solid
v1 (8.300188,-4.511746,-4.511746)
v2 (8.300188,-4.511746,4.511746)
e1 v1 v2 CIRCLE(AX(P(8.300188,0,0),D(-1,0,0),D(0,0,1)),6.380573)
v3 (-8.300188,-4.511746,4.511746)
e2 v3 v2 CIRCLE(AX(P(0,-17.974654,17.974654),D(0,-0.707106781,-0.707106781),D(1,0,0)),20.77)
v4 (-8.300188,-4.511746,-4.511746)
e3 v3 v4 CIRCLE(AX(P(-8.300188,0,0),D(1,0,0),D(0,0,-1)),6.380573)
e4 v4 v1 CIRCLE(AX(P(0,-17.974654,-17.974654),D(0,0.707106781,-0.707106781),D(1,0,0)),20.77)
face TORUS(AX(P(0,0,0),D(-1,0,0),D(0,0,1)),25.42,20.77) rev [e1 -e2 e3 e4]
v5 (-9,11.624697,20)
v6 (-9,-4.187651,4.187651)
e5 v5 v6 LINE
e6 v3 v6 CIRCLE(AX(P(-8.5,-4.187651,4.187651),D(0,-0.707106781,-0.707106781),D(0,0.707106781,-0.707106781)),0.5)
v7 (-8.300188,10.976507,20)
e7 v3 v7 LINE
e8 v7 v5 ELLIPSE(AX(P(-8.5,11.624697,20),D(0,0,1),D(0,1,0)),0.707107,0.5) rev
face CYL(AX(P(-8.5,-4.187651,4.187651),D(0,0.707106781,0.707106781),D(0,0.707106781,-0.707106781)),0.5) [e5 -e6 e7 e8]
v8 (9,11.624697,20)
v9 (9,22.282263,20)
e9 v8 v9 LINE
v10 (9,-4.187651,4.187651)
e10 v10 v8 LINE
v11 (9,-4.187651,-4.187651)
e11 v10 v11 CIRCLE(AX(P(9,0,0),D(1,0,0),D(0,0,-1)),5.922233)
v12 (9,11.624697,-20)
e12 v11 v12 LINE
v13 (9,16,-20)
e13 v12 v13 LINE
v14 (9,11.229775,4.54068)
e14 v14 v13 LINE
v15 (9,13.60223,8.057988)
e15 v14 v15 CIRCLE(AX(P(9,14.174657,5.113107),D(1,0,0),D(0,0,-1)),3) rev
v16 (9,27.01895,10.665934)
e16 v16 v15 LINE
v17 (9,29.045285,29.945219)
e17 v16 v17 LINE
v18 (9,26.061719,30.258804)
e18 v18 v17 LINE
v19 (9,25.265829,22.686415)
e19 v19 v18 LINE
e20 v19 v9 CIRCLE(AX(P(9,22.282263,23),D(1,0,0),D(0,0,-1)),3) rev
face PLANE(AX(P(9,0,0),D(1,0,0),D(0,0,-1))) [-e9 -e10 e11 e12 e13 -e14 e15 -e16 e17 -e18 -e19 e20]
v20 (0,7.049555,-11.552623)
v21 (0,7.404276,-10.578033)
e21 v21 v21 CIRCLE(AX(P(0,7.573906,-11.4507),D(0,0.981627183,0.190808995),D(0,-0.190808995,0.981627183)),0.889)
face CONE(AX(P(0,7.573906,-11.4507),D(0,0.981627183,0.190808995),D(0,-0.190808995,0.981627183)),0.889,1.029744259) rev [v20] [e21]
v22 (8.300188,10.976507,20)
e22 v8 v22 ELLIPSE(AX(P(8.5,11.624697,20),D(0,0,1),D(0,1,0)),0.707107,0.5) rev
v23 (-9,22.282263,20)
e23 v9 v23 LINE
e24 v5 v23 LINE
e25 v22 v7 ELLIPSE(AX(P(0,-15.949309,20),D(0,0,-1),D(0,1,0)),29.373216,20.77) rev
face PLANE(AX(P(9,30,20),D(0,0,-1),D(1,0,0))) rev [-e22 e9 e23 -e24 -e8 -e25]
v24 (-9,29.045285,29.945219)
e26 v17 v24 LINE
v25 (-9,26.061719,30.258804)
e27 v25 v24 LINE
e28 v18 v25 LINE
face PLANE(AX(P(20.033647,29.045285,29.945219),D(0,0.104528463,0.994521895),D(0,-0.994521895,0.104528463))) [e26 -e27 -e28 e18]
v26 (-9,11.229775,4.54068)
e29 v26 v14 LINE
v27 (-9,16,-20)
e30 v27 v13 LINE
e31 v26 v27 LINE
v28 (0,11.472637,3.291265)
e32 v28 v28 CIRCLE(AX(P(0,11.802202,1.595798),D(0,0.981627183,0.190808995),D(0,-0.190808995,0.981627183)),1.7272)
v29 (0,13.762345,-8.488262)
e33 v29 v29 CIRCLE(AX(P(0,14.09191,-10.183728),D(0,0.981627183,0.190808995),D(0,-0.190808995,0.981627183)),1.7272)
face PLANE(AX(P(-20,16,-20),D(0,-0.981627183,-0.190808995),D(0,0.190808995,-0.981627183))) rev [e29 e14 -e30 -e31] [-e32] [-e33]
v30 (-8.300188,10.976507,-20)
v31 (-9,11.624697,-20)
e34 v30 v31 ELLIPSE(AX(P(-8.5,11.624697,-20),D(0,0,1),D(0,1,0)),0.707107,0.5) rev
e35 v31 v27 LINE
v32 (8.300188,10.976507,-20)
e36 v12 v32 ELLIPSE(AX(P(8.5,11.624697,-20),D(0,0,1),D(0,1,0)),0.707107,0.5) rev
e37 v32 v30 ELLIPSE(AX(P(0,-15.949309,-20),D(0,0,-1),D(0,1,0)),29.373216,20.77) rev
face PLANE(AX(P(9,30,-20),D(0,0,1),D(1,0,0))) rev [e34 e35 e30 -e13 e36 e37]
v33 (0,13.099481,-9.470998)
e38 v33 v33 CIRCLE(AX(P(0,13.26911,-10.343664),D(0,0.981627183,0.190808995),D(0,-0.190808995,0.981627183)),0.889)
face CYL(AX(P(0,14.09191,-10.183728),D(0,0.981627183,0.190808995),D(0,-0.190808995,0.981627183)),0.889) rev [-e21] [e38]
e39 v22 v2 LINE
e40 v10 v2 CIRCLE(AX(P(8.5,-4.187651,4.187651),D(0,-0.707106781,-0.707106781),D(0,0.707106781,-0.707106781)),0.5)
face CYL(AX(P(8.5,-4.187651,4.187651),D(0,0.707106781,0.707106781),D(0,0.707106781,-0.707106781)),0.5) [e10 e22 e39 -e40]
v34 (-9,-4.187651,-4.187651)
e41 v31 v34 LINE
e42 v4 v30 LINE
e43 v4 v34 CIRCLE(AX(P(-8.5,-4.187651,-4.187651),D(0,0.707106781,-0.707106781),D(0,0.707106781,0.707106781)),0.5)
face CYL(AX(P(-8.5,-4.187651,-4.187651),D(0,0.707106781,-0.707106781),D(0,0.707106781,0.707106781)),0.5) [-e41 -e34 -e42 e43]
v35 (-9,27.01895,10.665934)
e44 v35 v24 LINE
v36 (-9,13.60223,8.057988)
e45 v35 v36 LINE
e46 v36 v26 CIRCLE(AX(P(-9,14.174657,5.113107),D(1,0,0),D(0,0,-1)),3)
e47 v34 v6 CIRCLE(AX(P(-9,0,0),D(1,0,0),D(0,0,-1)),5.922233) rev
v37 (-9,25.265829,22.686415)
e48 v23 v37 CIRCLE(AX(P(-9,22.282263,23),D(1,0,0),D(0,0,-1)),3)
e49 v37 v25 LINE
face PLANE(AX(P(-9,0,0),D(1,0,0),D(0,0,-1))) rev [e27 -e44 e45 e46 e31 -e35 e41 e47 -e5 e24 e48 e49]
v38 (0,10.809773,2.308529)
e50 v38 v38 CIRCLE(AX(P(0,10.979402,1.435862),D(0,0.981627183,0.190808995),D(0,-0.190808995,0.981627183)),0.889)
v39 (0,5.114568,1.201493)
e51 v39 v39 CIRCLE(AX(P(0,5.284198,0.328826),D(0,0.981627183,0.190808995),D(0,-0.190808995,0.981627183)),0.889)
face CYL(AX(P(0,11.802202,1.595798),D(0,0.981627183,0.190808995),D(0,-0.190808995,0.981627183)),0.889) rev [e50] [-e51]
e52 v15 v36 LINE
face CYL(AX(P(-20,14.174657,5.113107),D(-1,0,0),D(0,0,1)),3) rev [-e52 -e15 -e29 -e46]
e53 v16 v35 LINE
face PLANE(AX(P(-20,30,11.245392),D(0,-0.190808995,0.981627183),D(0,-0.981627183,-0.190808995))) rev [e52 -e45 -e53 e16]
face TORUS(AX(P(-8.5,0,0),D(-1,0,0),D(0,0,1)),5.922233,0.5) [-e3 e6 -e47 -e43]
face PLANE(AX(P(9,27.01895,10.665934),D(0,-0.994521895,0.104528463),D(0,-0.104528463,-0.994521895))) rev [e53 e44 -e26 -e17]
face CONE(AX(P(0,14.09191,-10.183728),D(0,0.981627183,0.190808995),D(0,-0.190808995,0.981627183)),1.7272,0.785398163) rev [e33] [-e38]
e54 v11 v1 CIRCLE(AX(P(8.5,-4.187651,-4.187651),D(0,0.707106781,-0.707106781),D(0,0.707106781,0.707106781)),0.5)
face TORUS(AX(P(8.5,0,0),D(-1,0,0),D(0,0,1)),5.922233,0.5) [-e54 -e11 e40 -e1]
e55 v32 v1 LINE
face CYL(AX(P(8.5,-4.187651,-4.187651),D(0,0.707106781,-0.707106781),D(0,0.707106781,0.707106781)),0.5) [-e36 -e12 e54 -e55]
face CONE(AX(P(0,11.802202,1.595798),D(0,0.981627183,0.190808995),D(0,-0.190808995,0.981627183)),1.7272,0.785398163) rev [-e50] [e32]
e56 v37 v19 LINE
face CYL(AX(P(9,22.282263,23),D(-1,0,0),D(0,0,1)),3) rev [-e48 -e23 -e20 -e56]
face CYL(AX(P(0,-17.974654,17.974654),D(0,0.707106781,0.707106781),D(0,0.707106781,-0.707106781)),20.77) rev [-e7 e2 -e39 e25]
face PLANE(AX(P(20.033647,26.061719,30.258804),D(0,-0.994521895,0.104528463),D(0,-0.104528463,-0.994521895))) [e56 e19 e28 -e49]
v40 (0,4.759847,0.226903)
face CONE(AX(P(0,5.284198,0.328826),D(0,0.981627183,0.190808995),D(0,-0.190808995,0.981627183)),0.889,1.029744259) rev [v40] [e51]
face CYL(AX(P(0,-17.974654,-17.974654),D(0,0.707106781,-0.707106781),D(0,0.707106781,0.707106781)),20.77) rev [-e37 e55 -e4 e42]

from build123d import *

# Parameters (mm, degrees)
BOSS_EXTRUDE1_DEPTH             = 9
SKETCH4_W                       = 18
SKETCH4_H                       = 44.313566923
CUT_EXTRUDE3_DEPTH              = 6
FILLET1_R                       = 0.5
CUT_EXTRUDE4_DEPTH              = 20
F_2_56_TAPPED_HOLE1_D           = 1.778
F_2_56_TAPPED_HOLE1_DEPTH       = 6.64
F_2_56_TAPPED_HOLE1_CSINK_D     = 3.4544
F_2_56_TAPPED_HOLE1_CSINK_ANGLE = 90
F_2_56_TAPPED_HOLE1_TIP         = 0.53416509
CUT_EXTRUDE5_DEPTH              = 19.0000001
BOSS_EXTRUDE2_DEPTH             = 18
FILLET2_R                       = 3


with BuildPart() as part:
    # Sketch1 → Boss-Extrude1 (new body, symmetric)
    with BuildSketch(Plane(origin=(0, 0, 0), x_dir=(0, 0, -1), z_dir=(1, 0, 0))):
        with BuildLine():
            Line((3.00520382, -3.00520382), (20, 13.98959236))
            Line((20, 13.98959236), (20, 30))
            Line((20, 30), (0, 30))
            Line((0, 30), (0, -4.25))
            ThreePointArc((0, -4.25), (1.626404588, -3.926488013), (3.00520382, -3.00520382))
        make_face()
    extrude(amount=BOSS_EXTRUDE1_DEPTH, both=True)

    # Sweep1: sweep along a path in Sketch2
    with BuildLine(Plane(origin=(0, 0, 0), x_dir=(0, 0, -1), z_dir=(1, 0, 0))) as sweep1_path:
        Line((20, 13.98959236), (3.00520382, -3.00520382))
        ThreePointArc((3.00520382, -3.00520382), (1.626404588, -3.926488013), (0, -4.25))
    # Sketch3 → Sweep1 (sweep)
    with BuildSketch(Plane.XY):
        with BuildLine():
            Line((9, -4.25), (-9, -4.25))
            Line((-9, -4.25), (-9, -6.701215317))
            ThreePointArc((-9, -6.701215317), (0, -4.65), (9, -6.701215317))
            Line((9, -6.701215317), (9, -4.25))
        make_face()
    sweep(path=sweep1_path.line)

    # Sketch4 → Cut-Extrude3 (cut)
    with BuildSketch(Plane(origin=(0, 0, -20), x_dir=(-1, 0, 0), z_dir=(0, 0, -1))):
        with Locations((0, 7.843216539)):
            Rectangle(SKETCH4_W, SKETCH4_H)
    extrude(amount=CUT_EXTRUDE3_DEPTH, mode=Mode.SUBTRACT)

    # Fillet1
    fillet1_edges = [part.edges().sort_by_distance(p)[0] for p in [
        (9, 2.89228781, -12.369237397),
        (-9, 2.89228781, -12.369237397),
        (9, -6.191115675, -2.564444079),
        (-9, -6.191115675, -2.564444079),
    ]]
    fillet(fillet1_edges, radius=FILLET1_R)

    # Mirror1: part across plane


with BuildPart() as part_1:
    add(part.part)
    add(part.part.mirror(Plane(origin=(9, 30, 0), x_dir=(1, 0, 0), z_dir=(0, 0, -1))))

    # Sketch5 → Cut-Extrude4 (cut, symmetric)
    with BuildSketch(Plane(origin=(0, 0, 0), x_dir=(0, 0, -1), z_dir=(1, 0, 0))):
        Polygon((20, 16), (-7.485561137, 10.657348129), (-11.245391787, 30), (20, 30), align=None)
    extrude(amount=CUT_EXTRUDE4_DEPTH, both=True, mode=Mode.SUBTRACT)

    # #2-56 Tapped Hole1
    with Locations(Plane(origin=(0, 11.671404902, 2.268691293), x_dir=(1, 0, 0), z_dir=(0, 0.981627183, 0.190808995))):
        with Locations((0, 12.685487595), (0, 0.685487595)):
            CounterSinkHole(F_2_56_TAPPED_HOLE1_D / 2, F_2_56_TAPPED_HOLE1_CSINK_D / 2, depth=F_2_56_TAPPED_HOLE1_DEPTH, counter_sink_angle=F_2_56_TAPPED_HOLE1_CSINK_ANGLE)
            with Locations((0, 0, -(F_2_56_TAPPED_HOLE1_DEPTH + F_2_56_TAPPED_HOLE1_TIP / 2))):  # 118° drill point
                Cone(0, F_2_56_TAPPED_HOLE1_D / 2, F_2_56_TAPPED_HOLE1_TIP, mode=Mode.SUBTRACT)

    # Sketch8 → Cut-Extrude5 (cut, through all)
    with BuildSketch(Plane.ZY.offset(9)):
        Polygon((10.6659344, 27.018950173), (20, 28), (20, 30), (11.245391787, 30), align=None)
    extrude(amount=-CUT_EXTRUDE5_DEPTH, mode=Mode.SUBTRACT)

    # Sketch10 → Boss-Extrude2 (add)
    with BuildSketch(Plane.ZY.offset(9)):
        Polygon((20, 28), (29.945218954, 29.045284633), (30.258804343, 26.061718947), (20, 24.983475161), align=None)
    extrude(amount=-BOSS_EXTRUDE2_DEPTH)

    # Fillet2
    fillet2_edges = [part_1.edges().sort_by_distance(p)[0] for p in [
        (0, 10.657348129, 7.485561137),
        (0, 24.983475161, 20),
    ]]
    fillet(fillet2_edges, radius=FILLET2_R)


solid = part_1.part
